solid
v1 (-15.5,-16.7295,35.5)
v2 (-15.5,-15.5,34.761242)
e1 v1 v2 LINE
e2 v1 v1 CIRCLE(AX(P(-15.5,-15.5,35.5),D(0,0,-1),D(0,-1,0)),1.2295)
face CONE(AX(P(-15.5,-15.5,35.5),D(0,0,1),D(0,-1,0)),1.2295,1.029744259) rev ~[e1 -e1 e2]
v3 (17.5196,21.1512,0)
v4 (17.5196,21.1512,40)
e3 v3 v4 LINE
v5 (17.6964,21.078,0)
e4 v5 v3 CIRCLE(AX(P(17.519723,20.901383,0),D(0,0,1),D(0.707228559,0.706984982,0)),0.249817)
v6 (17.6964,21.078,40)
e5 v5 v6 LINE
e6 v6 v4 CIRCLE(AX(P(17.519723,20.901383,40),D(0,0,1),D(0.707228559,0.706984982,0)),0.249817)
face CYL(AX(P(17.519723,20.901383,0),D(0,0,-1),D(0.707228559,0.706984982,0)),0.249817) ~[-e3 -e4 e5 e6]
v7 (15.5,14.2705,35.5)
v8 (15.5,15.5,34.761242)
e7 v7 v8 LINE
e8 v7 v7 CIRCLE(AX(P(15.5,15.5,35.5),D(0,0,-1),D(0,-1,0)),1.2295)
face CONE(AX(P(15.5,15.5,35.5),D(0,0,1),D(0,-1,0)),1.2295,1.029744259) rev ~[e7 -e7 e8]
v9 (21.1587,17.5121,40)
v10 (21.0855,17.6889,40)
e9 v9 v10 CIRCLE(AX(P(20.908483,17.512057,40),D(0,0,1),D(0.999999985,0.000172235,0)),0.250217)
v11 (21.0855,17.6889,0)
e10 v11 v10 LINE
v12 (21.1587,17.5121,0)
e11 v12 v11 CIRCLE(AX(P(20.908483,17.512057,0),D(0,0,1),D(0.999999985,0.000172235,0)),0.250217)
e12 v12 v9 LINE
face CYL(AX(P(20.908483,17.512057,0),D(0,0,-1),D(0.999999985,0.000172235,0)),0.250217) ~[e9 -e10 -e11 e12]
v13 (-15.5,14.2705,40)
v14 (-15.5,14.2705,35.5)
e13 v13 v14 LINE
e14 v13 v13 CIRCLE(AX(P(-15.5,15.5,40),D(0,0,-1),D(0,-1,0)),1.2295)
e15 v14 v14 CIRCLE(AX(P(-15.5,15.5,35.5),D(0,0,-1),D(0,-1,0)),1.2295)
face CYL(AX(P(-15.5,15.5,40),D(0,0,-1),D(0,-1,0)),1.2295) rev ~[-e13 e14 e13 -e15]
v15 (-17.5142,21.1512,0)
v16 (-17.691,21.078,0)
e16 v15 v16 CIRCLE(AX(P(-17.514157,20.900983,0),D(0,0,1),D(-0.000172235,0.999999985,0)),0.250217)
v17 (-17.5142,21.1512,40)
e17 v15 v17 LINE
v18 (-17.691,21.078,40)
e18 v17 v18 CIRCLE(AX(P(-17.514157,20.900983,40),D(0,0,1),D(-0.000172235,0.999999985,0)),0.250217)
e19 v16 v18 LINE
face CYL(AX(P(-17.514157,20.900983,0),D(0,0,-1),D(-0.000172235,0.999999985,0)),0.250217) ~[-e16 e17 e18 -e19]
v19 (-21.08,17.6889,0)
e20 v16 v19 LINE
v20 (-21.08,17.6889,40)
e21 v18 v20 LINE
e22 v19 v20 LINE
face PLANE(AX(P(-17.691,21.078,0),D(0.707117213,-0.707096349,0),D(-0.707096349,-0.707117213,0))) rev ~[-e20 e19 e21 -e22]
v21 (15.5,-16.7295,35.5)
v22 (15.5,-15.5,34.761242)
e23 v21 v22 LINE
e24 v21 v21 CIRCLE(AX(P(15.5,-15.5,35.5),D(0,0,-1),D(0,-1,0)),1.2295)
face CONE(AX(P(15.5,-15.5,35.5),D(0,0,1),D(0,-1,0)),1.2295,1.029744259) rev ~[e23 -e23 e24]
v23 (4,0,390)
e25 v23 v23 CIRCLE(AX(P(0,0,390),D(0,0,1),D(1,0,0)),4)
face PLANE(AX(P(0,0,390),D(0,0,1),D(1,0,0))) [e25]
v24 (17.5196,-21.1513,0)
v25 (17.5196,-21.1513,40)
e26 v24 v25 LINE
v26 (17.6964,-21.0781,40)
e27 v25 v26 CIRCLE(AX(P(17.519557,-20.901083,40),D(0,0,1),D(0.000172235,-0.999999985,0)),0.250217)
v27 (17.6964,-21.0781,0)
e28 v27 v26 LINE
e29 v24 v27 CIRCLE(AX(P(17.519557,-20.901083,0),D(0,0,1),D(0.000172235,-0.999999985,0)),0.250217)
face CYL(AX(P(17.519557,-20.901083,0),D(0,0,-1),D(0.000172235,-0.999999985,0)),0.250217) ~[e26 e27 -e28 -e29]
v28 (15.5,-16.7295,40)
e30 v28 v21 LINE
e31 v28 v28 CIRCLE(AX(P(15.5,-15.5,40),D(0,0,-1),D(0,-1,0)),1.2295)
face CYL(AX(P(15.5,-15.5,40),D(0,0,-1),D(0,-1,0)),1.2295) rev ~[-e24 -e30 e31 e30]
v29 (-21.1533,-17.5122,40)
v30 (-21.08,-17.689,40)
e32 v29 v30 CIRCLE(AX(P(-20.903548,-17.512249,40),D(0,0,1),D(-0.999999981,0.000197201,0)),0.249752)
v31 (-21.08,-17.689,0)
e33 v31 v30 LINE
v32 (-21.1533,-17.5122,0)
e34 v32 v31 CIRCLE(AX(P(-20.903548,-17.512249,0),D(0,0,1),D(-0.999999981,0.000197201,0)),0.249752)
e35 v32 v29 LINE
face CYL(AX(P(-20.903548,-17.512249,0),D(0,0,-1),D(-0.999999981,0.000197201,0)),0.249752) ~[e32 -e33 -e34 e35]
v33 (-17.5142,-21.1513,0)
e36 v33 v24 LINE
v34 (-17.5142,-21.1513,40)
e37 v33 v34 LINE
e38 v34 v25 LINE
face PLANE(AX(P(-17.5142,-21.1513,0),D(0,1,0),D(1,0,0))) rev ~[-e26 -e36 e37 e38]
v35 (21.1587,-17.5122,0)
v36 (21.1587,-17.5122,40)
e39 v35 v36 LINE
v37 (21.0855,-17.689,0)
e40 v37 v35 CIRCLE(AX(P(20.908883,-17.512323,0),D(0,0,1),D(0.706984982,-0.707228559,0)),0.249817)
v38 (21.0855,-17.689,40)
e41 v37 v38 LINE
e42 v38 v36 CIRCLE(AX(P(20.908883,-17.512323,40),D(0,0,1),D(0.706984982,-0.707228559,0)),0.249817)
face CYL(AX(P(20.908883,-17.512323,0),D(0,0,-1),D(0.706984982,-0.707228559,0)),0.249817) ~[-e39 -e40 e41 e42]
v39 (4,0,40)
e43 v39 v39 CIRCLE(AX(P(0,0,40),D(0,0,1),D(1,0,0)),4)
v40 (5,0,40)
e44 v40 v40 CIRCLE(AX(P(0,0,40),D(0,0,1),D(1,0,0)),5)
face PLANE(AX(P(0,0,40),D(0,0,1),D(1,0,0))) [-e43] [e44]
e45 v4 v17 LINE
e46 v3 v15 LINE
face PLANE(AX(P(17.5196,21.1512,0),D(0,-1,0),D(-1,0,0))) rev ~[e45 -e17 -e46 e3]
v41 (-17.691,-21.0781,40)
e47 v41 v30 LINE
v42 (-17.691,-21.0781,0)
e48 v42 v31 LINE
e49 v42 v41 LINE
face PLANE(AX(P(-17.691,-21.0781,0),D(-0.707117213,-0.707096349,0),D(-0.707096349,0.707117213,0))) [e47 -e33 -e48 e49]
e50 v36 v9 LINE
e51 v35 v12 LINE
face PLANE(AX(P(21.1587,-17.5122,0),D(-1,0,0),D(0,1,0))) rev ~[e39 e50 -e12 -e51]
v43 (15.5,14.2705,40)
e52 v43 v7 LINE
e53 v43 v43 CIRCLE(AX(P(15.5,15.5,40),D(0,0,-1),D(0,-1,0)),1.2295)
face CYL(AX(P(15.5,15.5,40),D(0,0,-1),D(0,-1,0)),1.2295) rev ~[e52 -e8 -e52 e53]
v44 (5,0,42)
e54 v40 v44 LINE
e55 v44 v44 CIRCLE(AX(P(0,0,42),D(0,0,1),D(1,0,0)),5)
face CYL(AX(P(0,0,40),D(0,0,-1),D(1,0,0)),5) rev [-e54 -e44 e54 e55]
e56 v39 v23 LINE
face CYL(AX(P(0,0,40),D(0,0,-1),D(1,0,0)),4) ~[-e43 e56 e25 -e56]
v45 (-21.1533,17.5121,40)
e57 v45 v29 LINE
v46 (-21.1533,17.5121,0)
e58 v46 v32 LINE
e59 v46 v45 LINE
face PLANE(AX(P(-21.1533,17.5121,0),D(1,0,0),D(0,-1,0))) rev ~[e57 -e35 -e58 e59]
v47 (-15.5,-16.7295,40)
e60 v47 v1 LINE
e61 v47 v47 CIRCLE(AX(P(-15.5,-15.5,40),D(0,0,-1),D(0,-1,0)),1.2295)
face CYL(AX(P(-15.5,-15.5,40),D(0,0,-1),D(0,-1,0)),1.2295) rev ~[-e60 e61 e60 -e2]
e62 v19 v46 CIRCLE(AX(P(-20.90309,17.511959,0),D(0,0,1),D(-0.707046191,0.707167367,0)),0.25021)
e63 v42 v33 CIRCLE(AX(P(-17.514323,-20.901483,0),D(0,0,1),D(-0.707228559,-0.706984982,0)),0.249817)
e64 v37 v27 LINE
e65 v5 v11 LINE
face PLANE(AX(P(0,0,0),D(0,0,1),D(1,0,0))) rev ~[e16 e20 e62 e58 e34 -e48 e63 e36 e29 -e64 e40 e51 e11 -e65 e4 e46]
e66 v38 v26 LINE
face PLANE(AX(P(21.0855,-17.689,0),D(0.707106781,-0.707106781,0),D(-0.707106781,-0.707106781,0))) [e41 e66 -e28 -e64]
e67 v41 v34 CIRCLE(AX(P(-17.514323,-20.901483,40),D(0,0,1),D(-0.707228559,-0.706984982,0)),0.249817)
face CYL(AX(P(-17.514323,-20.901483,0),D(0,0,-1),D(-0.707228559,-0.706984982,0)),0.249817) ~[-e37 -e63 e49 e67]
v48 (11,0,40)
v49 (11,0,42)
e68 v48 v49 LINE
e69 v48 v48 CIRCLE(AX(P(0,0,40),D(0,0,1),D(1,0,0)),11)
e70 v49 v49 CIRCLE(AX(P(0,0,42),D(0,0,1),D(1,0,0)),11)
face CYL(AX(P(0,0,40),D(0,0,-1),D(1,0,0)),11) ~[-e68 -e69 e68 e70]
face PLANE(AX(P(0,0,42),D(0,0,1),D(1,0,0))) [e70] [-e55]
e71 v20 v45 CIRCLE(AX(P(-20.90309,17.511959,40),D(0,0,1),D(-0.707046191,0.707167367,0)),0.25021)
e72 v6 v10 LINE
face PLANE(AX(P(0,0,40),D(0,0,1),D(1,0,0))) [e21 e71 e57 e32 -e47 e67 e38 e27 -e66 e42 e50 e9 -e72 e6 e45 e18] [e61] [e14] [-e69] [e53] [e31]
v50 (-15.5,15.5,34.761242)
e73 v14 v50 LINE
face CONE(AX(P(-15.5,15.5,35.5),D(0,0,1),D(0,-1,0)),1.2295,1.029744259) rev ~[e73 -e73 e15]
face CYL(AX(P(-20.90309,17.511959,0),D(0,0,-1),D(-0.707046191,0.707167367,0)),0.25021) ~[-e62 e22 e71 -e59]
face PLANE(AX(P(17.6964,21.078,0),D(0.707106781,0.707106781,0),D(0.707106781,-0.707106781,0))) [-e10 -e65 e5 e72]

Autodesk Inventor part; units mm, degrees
ref_plane "YZ Plane" through (0, 0, 0) normal (1, 0, 0) x (0, 1, 0)
ref_plane "XZ Plane" through (0, 0, 0) normal (0, 1, 0) x (-1, 0, 0)
ref_plane "XY Plane" through (0, 0, 0) normal (0, 0, 1) x (1, 0, 0)
sketch "Sketch1" plane through (0, 0, 0) normal (0, 0, 1) x (1, 0, 0)
  line L0 (17.5196, 21.1512) -> (-17.5142, 21.1512)
  line L1 (-21.1533, 17.5121) -> (-21.1533, -17.5122)
  line L2 (-17.5142, -21.1513) -> (17.5196, -21.1513)
  line L3 (21.1587, -17.5122) -> (21.1587, 17.5121)
  line L4 (21.1533, 21.1533) -> (-21.1467, -21.1467) construction
  line L5 (-21.1598, 21.1533) -> (21.1533, -21.1467) construction
  line L6 (-17.691, 21.078) -> (-21.08, 17.6889)
  line L7 (17.6964, 21.078) -> (21.0855, 17.6889)
  line L8 (21.0855, -17.689) -> (17.6964, -21.0781)
  line L9 (-17.691, -21.0781) -> (-21.08, -17.689)
  arc A0 (-17.5142, 21.1512) -> (-17.691, 21.078) centre (-17.5142, 20.9012) ccw
  arc A1 (-21.08, 17.6889) -> (-21.1533, 17.5121) centre (-20.9033, 17.5121) ccw
  arc A2 (17.6964, 21.078) -> (17.5196, 21.1512) centre (17.5196, 20.9012) ccw
  arc A3 (21.1587, 17.5121) -> (21.0855, 17.6889) centre (20.9087, 17.5121) ccw
  arc A4 (21.0855, -17.689) -> (21.1587, -17.5122) centre (20.9087, -17.5122) ccw
  arc A5 (17.5196, -21.1513) -> (17.6964, -21.0781) centre (17.5196, -20.9013) ccw
  arc A6 (-17.691, -21.0781) -> (-17.5142, -21.1513) centre (-17.5142, -20.9013) ccw
  arc A7 (-21.1533, -17.5122) -> (-21.08, -17.689) centre (-20.9033, -17.5122) ccw
  point P0 (0, 0)
  point P1 (-17.6177, 21.1512)
  point P2 (-21.1533, 17.6156)
  dimension "d0" = 42.3
  dimension "d1" = 42.3
  dimension "d2" = 5
  dimension "d3" = 45
  dimension "d4" = 0.25
extrude "Extrusion1" add sketch "Sketch1" along normal blind 40
sketch "Sketch2" plane through (0, 0, 40) normal (0, 0, 1) x (1, 0, 0)
  circle A0 centre (0, 0) radius 11
  circle A1 centre (0, 0) radius 5
  dimension "d7" = 22
  dimension "d8" = 10
extrude "Extrusion2" add sketch "Sketch2" along normal blind 2
sketch "Sketch3" plane through (0, 0, 40) normal (0, 0, 1) x (1, 0, 0)
  circle A0 centre (0, 0) radius 11 projected
  line L0 (-15.5, -15.5) -> (15.5, -15.5) construction
  line L1 (15.5, -15.5) -> (15.5, 15.5) construction
  line L2 (15.5, 15.5) -> (-15.5, 15.5) construction
  line L3 (-15.5, 15.5) -> (-15.5, -15.5) construction
  line L4 (-15.5, -15.5) -> (15.5, 15.5) construction
  line L5 (15.5, -15.5) -> (-15.5, 15.5) construction
  dimension "d11" = 31
  dimension "d12" = 31
hole "Hole1" at (-15.5, 15.5, 40) at (15.5, 15.5, 40) at (15.5, -15.5, 40) at (-15.5, -15.5, 40) direction (0, 0, -1) diameter 2.459 depth 4.5 tip angle 118 thread size "M3x0.5" class "6H" standard "ANSI Metric M Profile"
sketch "Sketch4" plane through (0, 0, 40) normal (0, 0, 1) x (1, 0, 0)
  circle A0 centre (0, 0) radius 5 projected
  circle A1 centre (0, 0) radius 4
  dimension "d20" = 8
extrude "Extrusion3" add sketch "Sketch4" along normal blind 350 contours A1
properties part number "motor"
